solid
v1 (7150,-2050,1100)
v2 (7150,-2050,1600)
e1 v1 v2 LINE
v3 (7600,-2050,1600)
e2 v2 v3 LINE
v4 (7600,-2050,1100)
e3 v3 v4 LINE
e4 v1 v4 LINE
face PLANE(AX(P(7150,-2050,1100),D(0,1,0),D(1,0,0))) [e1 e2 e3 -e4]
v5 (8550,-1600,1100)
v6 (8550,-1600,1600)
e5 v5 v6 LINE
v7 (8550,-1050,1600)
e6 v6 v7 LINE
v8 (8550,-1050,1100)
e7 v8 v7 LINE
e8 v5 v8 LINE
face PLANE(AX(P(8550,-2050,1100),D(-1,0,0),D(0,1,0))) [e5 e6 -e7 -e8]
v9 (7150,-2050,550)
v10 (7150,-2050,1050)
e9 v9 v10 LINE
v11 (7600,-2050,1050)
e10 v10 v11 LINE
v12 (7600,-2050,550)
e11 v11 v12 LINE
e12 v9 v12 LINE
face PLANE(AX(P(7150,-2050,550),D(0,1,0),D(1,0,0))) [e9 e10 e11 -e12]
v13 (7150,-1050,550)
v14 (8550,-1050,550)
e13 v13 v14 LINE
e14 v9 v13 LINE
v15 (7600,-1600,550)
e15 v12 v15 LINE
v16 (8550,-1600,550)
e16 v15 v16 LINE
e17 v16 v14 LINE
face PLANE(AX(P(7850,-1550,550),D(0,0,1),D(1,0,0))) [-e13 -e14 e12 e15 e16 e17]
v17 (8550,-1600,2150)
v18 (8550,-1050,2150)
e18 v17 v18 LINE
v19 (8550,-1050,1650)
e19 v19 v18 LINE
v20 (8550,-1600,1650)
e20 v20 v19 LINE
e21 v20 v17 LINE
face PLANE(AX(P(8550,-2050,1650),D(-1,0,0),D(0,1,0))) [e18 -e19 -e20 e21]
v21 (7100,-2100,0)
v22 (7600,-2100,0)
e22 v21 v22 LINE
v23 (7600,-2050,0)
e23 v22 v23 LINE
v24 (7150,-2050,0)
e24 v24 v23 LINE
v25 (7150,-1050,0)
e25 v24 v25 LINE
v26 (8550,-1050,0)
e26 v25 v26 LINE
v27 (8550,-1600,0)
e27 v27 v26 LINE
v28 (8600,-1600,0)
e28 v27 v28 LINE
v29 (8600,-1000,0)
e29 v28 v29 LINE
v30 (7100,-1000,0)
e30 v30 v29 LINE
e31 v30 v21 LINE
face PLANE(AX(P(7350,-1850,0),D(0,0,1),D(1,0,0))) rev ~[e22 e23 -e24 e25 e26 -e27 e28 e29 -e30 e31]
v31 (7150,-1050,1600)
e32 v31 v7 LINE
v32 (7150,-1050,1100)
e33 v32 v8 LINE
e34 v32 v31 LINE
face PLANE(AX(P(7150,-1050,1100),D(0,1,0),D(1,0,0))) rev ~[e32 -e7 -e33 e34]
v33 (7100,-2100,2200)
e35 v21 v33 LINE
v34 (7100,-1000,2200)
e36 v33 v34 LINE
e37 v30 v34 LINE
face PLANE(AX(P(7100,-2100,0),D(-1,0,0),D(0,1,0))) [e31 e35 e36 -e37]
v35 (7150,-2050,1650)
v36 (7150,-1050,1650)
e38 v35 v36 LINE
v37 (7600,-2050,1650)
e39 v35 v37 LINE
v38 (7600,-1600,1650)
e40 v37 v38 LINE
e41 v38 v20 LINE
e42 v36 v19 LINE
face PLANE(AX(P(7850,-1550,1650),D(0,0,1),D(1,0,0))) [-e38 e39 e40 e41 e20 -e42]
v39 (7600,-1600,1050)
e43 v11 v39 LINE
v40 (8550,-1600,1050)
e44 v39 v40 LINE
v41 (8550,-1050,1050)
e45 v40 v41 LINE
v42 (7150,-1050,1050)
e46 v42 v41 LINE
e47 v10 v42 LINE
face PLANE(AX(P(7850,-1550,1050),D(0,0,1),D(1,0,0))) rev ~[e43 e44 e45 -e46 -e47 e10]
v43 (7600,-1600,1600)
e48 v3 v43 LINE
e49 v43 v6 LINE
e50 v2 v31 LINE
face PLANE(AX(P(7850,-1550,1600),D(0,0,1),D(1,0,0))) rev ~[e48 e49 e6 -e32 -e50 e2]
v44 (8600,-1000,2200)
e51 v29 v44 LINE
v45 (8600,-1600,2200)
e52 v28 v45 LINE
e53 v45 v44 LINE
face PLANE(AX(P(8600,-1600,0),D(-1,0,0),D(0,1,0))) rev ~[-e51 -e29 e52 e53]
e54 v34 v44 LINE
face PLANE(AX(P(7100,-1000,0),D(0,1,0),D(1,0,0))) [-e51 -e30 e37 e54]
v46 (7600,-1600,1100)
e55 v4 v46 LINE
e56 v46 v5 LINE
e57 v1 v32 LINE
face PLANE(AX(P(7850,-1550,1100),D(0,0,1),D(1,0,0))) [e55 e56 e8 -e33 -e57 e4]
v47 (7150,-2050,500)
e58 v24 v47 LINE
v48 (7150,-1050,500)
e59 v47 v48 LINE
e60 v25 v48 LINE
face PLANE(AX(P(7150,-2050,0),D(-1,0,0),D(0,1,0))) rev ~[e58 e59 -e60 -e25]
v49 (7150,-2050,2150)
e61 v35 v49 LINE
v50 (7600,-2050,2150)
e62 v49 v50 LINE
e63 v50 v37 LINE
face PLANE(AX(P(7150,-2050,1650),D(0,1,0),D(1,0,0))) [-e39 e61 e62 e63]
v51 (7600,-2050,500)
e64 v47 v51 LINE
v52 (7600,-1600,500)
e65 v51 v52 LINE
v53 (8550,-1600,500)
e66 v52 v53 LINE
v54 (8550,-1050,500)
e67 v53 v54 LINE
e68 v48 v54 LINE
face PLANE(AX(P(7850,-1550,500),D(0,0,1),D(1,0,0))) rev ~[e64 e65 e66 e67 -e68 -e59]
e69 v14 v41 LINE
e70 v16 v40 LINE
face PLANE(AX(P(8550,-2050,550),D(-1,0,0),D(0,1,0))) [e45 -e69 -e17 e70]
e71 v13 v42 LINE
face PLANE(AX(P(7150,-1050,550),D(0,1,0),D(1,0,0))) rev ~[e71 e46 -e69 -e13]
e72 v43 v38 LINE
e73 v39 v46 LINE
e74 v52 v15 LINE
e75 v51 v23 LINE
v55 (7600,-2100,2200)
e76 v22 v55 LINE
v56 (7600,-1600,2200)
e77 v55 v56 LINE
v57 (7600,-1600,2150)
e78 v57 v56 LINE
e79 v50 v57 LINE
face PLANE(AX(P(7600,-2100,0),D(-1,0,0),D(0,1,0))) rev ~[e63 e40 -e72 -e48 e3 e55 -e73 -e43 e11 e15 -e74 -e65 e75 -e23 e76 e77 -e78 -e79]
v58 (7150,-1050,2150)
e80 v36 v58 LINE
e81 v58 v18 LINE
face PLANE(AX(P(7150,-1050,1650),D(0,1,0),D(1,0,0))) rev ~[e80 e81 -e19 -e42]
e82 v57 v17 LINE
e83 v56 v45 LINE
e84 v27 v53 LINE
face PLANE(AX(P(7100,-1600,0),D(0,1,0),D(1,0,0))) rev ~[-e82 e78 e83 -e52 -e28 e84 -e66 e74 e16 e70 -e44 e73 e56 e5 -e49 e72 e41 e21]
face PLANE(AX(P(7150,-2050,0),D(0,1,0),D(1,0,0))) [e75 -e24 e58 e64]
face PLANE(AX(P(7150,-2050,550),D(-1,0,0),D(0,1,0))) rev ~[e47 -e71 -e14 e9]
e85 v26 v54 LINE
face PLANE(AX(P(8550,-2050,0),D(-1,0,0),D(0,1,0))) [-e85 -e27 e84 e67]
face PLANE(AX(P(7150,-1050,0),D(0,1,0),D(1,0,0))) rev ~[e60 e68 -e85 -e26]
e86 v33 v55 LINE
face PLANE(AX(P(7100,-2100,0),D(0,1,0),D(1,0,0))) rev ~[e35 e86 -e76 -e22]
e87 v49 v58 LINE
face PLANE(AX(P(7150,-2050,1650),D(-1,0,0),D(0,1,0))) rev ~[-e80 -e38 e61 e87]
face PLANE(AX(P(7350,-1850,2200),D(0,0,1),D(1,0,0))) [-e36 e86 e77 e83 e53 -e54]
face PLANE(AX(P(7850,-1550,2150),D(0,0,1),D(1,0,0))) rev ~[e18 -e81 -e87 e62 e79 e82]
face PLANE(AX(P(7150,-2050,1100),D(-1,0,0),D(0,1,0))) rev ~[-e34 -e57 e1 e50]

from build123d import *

# Parameters (mm, degrees)
BOX3522_W        = 1400
BOX3522_H        = 1000
BOX3522_DEPTH    = 500
ARRAY279_Z_COUNT = 4
ARRAY279_Z_PITCH = 550
BOX3520_W        = 500
BOX3520_H        = 500
BOX3520_DEPTH    = 2200
BOX3521_W        = 1500
BOX3521_H        = 600
BOX3521_DEPTH    = 2200


with BuildPart() as array279:
    # Box3522 → Box3522 (new body)
    with BuildSketch(Plane(origin=(7150, -2050, 0), x_dir=(1, 0, 0), z_dir=(0, 0, 1))):
        with Locations((700, 500)):
            Rectangle(BOX3522_W, BOX3522_H)
    extrude(amount=BOX3522_DEPTH)

    # Array279 Z: Array279 ×4


with BuildPart() as array279_1:
    add(array279.part)
    with Locations(*[(0, 0, i * ARRAY279_Z_PITCH) for i in range(1, ARRAY279_Z_COUNT)]):
        add(array279.part)


with BuildPart() as box3520:
    # Box3520 → Box3520 (new body)
    with BuildSketch(Plane(origin=(7100, -2100, 0), x_dir=(1, 0, 0), z_dir=(0, 0, 1))):
        with Locations((250, 250)):
            Rectangle(BOX3520_W, BOX3520_H)
    extrude(amount=BOX3520_DEPTH)


with BuildPart() as cut001:
    # Box3521 → Box3521 (new body)
    with BuildSketch(Plane(origin=(7100, -1600, 0), x_dir=(1, 0, 0), z_dir=(0, 0, 1))):
        with Locations((750, 300)):
            Rectangle(BOX3521_W, BOX3521_H)
    extrude(amount=BOX3521_DEPTH)

    # Fusion014: union Box3520
    add(box3520.part)

    # Cut001: cut Array279
    add(array279_1.part, mode=Mode.SUBTRACT)


solid = cut001.part
